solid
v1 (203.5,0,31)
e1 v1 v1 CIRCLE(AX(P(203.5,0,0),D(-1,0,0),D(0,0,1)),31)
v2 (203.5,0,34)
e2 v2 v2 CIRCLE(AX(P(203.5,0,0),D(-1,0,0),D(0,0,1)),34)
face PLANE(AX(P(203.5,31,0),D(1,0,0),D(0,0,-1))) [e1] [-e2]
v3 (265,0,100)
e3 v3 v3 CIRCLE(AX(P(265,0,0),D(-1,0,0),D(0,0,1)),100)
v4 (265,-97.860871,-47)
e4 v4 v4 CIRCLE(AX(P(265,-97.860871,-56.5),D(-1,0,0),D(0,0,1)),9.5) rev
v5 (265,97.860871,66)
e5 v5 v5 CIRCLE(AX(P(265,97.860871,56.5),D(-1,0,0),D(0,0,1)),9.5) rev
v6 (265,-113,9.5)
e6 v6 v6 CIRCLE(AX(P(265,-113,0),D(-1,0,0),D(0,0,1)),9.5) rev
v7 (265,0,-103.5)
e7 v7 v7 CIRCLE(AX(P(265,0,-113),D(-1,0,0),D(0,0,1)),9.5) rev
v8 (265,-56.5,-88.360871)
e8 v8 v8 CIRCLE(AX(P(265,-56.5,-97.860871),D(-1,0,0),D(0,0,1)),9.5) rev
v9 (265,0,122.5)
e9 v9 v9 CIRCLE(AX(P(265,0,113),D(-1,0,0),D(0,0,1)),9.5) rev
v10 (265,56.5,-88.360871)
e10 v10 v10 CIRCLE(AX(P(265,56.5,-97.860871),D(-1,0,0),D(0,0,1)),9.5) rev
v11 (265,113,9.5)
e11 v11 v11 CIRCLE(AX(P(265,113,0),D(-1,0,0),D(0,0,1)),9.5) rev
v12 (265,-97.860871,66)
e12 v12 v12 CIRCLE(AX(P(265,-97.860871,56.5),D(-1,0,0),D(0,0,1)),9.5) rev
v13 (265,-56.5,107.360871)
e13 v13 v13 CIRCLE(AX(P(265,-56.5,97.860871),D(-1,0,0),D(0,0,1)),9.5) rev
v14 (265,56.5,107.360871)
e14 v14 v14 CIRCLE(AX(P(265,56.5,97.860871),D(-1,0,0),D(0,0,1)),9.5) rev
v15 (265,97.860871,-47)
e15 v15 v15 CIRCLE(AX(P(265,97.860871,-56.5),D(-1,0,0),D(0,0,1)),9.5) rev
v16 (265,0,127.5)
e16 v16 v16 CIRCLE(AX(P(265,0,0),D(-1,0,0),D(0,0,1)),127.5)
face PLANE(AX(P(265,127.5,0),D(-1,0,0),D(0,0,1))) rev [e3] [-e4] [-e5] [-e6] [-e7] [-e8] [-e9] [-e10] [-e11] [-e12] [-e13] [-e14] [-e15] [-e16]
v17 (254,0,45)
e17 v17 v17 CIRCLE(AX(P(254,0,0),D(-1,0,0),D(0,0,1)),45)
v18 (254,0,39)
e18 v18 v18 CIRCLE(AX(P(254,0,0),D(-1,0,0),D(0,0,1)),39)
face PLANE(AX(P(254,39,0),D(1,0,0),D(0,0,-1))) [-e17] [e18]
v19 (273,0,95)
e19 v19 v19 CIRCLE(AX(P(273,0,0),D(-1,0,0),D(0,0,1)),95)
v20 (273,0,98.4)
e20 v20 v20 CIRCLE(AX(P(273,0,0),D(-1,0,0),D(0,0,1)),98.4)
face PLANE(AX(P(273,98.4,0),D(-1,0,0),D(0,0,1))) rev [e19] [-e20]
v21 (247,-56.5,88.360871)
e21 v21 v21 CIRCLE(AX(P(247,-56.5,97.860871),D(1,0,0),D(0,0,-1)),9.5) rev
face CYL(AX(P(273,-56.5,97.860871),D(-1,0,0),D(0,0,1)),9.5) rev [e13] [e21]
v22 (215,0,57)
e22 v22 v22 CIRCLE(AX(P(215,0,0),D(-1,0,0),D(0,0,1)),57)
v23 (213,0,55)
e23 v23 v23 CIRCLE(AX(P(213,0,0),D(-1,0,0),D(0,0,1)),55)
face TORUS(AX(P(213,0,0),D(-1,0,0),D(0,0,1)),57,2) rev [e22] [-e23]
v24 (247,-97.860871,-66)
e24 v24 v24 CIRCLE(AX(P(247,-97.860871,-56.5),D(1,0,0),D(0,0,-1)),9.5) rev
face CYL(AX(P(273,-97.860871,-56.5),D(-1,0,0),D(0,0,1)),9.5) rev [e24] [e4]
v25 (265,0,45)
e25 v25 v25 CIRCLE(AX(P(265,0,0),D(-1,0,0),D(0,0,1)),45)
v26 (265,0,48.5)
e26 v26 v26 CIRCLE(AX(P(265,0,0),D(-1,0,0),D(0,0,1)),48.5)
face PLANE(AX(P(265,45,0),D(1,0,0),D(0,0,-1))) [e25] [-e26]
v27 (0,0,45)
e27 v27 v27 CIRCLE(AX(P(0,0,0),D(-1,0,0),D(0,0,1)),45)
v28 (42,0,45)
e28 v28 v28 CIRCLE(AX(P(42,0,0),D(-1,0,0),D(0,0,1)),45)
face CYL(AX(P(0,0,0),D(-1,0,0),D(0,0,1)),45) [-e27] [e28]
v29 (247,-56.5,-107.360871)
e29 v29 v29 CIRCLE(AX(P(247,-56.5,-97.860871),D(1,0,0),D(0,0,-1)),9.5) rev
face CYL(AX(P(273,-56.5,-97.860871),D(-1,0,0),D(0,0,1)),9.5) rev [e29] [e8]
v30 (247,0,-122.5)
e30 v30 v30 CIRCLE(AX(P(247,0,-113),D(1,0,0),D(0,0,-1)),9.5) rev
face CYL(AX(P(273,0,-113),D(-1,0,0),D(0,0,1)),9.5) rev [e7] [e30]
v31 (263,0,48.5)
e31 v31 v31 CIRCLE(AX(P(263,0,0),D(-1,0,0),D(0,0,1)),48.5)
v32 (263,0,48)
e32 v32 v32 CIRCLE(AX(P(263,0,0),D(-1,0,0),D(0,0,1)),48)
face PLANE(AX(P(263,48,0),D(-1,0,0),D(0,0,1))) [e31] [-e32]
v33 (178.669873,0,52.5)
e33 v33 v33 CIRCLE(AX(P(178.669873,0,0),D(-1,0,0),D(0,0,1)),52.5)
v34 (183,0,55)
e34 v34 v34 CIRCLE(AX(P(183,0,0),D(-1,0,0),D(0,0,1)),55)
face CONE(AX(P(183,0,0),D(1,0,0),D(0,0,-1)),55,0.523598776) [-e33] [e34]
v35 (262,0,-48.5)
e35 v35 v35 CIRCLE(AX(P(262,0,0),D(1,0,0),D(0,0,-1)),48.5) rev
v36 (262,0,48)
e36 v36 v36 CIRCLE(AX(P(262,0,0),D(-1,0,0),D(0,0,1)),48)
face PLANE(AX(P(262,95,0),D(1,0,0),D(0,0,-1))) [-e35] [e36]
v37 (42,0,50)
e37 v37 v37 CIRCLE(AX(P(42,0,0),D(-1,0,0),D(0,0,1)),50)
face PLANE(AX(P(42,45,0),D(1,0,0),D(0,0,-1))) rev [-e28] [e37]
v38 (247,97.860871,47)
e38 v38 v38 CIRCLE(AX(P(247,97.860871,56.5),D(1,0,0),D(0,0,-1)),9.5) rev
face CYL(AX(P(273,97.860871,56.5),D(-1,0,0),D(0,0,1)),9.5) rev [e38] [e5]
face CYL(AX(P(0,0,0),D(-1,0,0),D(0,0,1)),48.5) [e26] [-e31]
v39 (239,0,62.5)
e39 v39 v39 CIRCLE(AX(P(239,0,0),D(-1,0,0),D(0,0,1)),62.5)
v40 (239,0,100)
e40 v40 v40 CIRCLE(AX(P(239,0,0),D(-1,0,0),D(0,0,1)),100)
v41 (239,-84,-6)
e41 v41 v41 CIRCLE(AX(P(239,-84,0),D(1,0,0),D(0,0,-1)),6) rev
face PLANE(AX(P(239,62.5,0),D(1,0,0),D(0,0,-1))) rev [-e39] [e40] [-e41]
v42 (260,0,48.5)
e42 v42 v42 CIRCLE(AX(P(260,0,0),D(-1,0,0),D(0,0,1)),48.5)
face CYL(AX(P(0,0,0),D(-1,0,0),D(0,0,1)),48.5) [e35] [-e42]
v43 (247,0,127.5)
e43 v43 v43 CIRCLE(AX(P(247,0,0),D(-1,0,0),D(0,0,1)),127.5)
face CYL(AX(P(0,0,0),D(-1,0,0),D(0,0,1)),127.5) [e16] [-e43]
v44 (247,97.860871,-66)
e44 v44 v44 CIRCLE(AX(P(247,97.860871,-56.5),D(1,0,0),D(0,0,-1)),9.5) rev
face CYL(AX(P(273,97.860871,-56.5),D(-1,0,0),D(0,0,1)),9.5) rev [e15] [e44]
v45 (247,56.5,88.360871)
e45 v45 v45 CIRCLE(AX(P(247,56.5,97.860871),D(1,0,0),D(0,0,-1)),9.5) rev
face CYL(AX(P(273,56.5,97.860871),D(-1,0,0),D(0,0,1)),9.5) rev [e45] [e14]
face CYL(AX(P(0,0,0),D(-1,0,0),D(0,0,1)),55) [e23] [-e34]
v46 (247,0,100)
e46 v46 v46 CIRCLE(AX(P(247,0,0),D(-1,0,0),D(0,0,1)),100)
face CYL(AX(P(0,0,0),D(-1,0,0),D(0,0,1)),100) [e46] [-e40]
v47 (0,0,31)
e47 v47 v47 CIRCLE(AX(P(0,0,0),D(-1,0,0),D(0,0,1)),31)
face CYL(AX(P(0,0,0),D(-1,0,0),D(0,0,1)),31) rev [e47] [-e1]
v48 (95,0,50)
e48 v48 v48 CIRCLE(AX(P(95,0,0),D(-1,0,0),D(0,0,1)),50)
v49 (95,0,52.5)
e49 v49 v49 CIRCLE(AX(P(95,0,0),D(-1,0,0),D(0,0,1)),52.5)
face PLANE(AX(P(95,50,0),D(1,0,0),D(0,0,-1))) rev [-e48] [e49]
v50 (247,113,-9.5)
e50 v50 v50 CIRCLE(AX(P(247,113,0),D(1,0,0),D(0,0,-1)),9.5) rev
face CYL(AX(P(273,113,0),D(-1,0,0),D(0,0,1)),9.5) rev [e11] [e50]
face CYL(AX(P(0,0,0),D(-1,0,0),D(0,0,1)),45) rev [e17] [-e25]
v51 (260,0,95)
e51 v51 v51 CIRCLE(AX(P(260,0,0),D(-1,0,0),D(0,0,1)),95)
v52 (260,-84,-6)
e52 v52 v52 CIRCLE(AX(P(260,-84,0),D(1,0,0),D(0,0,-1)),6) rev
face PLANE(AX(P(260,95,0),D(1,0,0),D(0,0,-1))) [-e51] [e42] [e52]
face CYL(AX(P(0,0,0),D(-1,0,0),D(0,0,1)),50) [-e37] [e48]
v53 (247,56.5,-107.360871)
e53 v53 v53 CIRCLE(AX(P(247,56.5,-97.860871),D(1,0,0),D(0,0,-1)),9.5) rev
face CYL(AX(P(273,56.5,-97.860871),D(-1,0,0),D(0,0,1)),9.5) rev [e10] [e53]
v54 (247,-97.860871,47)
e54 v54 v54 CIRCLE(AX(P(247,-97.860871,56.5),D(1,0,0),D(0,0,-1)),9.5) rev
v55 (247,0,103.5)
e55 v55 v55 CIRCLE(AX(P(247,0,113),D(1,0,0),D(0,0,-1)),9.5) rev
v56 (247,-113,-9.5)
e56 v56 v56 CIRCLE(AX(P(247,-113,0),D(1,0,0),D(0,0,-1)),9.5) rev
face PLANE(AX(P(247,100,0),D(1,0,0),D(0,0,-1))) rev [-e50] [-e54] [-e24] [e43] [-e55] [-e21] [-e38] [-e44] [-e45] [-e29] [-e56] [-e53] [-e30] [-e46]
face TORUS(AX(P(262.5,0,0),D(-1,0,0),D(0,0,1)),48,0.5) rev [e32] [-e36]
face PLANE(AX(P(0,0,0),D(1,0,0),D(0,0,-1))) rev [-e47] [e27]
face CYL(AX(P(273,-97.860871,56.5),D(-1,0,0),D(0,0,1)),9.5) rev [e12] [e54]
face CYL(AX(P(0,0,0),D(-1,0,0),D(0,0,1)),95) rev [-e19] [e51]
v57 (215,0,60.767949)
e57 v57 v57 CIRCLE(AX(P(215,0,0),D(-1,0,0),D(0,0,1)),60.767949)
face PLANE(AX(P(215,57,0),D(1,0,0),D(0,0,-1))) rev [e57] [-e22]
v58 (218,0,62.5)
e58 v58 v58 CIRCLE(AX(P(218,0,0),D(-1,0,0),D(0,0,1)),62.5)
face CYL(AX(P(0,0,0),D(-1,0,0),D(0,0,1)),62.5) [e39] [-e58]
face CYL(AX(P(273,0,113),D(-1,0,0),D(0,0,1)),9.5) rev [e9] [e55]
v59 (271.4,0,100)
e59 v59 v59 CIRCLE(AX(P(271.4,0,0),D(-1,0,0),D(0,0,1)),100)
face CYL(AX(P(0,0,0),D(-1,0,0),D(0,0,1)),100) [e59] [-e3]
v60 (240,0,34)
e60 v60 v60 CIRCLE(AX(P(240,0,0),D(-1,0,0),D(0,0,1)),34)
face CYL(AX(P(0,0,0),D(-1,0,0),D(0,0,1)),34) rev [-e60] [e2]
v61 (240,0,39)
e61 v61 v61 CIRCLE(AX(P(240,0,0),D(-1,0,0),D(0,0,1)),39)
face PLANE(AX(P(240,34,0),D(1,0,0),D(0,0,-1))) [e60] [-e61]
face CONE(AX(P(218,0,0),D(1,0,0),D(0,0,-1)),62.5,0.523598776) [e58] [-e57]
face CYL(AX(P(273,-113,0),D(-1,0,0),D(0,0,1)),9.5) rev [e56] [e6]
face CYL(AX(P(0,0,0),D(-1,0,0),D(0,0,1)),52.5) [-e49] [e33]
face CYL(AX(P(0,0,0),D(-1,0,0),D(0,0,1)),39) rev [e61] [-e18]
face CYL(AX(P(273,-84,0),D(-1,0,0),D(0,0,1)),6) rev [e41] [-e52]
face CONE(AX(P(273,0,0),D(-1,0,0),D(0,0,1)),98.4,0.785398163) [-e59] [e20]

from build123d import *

# Parameters (mm, degrees)
SKETCH_3_W           = 2
SKETCH_3_H           = 46.5
SKETCH_5_W           = 2
SKETCH_5_H           = 46.5
SKETCH_6_R           = 9.5
CUT_EXTRUDE_1_DEPTH  = 328.171973127
SKETCH_7_R           = 9.5
CUT_EXTRUDE_2_DEPTH  = 328.171973127
SKETCH_8_R           = 9.5
CUT_EXTRUDE_3_DEPTH  = 328.171973127
SKETCH_9_R           = 9.5
CUT_EXTRUDE_4_DEPTH  = 328.171973127
SKETCH_10_R          = 9.5
CUT_EXTRUDE_5_DEPTH  = 328.171973127
SKETCH_11_R          = 9.5
CUT_EXTRUDE_6_DEPTH  = 328.171973127
SKETCH_12_R          = 9.5
CUT_EXTRUDE_7_DEPTH  = 328.171973127
SKETCH_13_R          = 9.5
CUT_EXTRUDE_8_DEPTH  = 328.171973127
SKETCH_14_R          = 9.5
CUT_EXTRUDE_9_DEPTH  = 328.171973127
SKETCH_15_R          = 9.5
CUT_EXTRUDE_10_DEPTH = 328.171973127
SKETCH_16_R          = 9.5
CUT_EXTRUDE_11_DEPTH = 328.171973127
SKETCH_17_R          = 9.5
CUT_EXTRUDE_12_DEPTH = 328.171973127
SKETCH_18_R          = 6
CUT_EXTRUDE_13_DEPTH = 328.171973127


with BuildPart() as part:
    # Эскиз1 → Повернуть1 (revolve)
    with BuildSketch(Plane.XY, mode=Mode.PRIVATE) as revolve_1_sk:
        with BuildLine():
            Line((0, 0), (273, 0))
            Line((273, 0), (273, 98.4))
            Line((273, 98.4), (271.4, 100))
            Line((271.4, 100), (265, 100))
            Line((265, 100), (265, 127.5))
            Line((265, 127.5), (247, 127.5))
            Line((247, 127.5), (247, 100))
            Line((247, 100), (239, 100))
            Line((239, 100), (239, 62.5))
            Line((239, 62.5), (218, 62.5))
            Line((218, 62.5), (215, 60.767949192))
            Line((215, 60.767949192), (215, 57))
            ThreePointArc((215, 57), (214.414213562, 55.585786438), (213, 55))
            Line((213, 55), (183, 55))
            Line((183, 55), (178.669872981, 52.5))
            Line((178.669872981, 52.5), (95, 52.5))
            Line((95, 52.5), (95, 50))
            Line((95, 50), (42, 50))
            Line((42, 50), (42, 45))
            Line((42, 45), (0, 45))
            Line((0, 45), (0, 0))
        make_face()
    revolve(revolve_1_sk.sketch.rotate(Axis((0, 0, 0), (1, 0, 0)), 90), axis=Axis((0, 0, 0), (1, 0, 0)))

    # Эскиз2 → Вырез-Повернуть1 (revolve, cut)
    with BuildSketch(Plane.XY, mode=Mode.PRIVATE) as cut_revolve_1_sk:
        Polygon((0, 0), (273, 0), (273, 95), (265, 95), (265, 45), (254, 45), (254, 39), (240, 39), (240, 34), (203.5, 34), (203.5, 31), (0, 31), align=None)
    revolve(cut_revolve_1_sk.sketch.rotate(Axis((0, 0, 0), (1, 0, 0)), 90), axis=Axis((0, 0, 0), (1, 0, 0)), mode=Mode.SUBTRACT)

    # Эскиз3 → Rear_recess_left (revolve, cut)
    with BuildSketch(Plane.XY, mode=Mode.PRIVATE) as rear_recess_left_sk:
        with Locations((261, 71.75)):
            Rectangle(SKETCH_3_W, SKETCH_3_H)
    revolve(rear_recess_left_sk.sketch.rotate(Axis((0, 0, 0), (1, 0, 0)), 90), axis=Axis((0, 0, 0), (1, 0, 0)), mode=Mode.SUBTRACT)

    # Эскиз4 → Collar_groove_nominal (revolve, cut)
    with BuildSketch(Plane.XY, mode=Mode.PRIVATE) as collar_groove_nominal_sk:
        with BuildLine():
            Line((263, 48), (263, 95))
            Line((263, 95), (262, 95))
            Line((262, 95), (262, 48))
            ThreePointArc((262, 48), (262.146446609, 47.646446609), (262.5, 47.5))
            ThreePointArc((262.5, 47.5), (262.853553391, 47.646446609), (263, 48))
        make_face()
    revolve(collar_groove_nominal_sk.sketch.rotate(Axis((0, 0, 0), (1, 0, 0)), 90), axis=Axis((0, 0, 0), (1, 0, 0)), mode=Mode.SUBTRACT)

    # Эскиз5 → Rear_recess_lip (revolve, cut)
    with BuildSketch(Plane.XY, mode=Mode.PRIVATE) as rear_recess_lip_sk:
        with Locations((264, 71.75)):
            Rectangle(SKETCH_5_W, SKETCH_5_H)
    revolve(rear_recess_lip_sk.sketch.rotate(Axis((0, 0, 0), (1, 0, 0)), 90), axis=Axis((0, 0, 0), (1, 0, 0)), mode=Mode.SUBTRACT)

    # Эскиз6 → Вырез-Вытянуть1 (cut, through all)
    with BuildSketch(Plane(origin=(0, 0, 0), x_dir=(0, 0, -1), z_dir=(1, 0, 0))):
        with Locations(Location((0, 113, 0), (0, 0, 180))):
            Circle(SKETCH_6_R)
    extrude(amount=CUT_EXTRUDE_1_DEPTH, mode=Mode.SUBTRACT)

    # Эскиз7 → Вырез-Вытянуть2 (cut, through all)
    with BuildSketch(Plane(origin=(0, 0, 0), x_dir=(0, 0, -1), z_dir=(1, 0, 0))):
        with Locations(Location((-56.5, 97.860870628, 0), (0, 0, 180))):
            Circle(SKETCH_7_R)
    extrude(amount=CUT_EXTRUDE_2_DEPTH, mode=Mode.SUBTRACT)

    # Эскиз8 → Вырез-Вытянуть3 (cut, through all)
    with BuildSketch(Plane(origin=(0, 0, 0), x_dir=(0, 0, -1), z_dir=(1, 0, 0))):
        with Locations(Location((-97.860870628, 56.5, 0), (0, 0, 180))):
            Circle(SKETCH_8_R)
    extrude(amount=CUT_EXTRUDE_3_DEPTH, mode=Mode.SUBTRACT)

    # Эскиз9 → Вырез-Вытянуть4 (cut, through all)
    with BuildSketch(Plane(origin=(0, 0, 0), x_dir=(0, 0, -1), z_dir=(1, 0, 0))):
        with Locations(Location((-113, 0, 0), (0, 0, 180))):
            Circle(SKETCH_9_R)
    extrude(amount=CUT_EXTRUDE_4_DEPTH, mode=Mode.SUBTRACT)

    # Эскиз10 → Вырез-Вытянуть5 (cut, through all)
    with BuildSketch(Plane(origin=(0, 0, 0), x_dir=(0, 0, -1), z_dir=(1, 0, 0))):
        with Locations(Location((-97.860870628, -56.5, 0), (0, 0, 180))):
            Circle(SKETCH_10_R)
    extrude(amount=CUT_EXTRUDE_5_DEPTH, mode=Mode.SUBTRACT)

    # Эскиз11 → Вырез-Вытянуть6 (cut, through all)
    with BuildSketch(Plane(origin=(0, 0, 0), x_dir=(0, 0, -1), z_dir=(1, 0, 0))):
        with Locations(Location((-56.5, -97.860870628, 0), (0, 0, 180))):
            Circle(SKETCH_11_R)
    extrude(amount=CUT_EXTRUDE_6_DEPTH, mode=Mode.SUBTRACT)

    # Эскиз12 → Вырез-Вытянуть7 (cut, through all)
    with BuildSketch(Plane(origin=(0, 0, 0), x_dir=(0, 0, -1), z_dir=(1, 0, 0))):
        with Locations(Location((0, -113, 0), (0, 0, 180))):
            Circle(SKETCH_12_R)
    extrude(amount=CUT_EXTRUDE_7_DEPTH, mode=Mode.SUBTRACT)

    # Эскиз13 → Вырез-Вытянуть8 (cut, through all)
    with BuildSketch(Plane(origin=(0, 0, 0), x_dir=(0, 0, -1), z_dir=(1, 0, 0))):
        with Locations(Location((56.5, -97.860870628, 0), (0, 0, 180))):
            Circle(SKETCH_13_R)
    extrude(amount=CUT_EXTRUDE_8_DEPTH, mode=Mode.SUBTRACT)

    # Эскиз14 → Вырез-Вытянуть9 (cut, through all)
    with BuildSketch(Plane(origin=(0, 0, 0), x_dir=(0, 0, -1), z_dir=(1, 0, 0))):
        with Locations(Location((97.860870628, -56.5, 0), (0, 0, 180))):
            Circle(SKETCH_14_R)
    extrude(amount=CUT_EXTRUDE_9_DEPTH, mode=Mode.SUBTRACT)

    # Эскиз15 → Вырез-Вытянуть10 (cut, through all)
    with BuildSketch(Plane(origin=(0, 0, 0), x_dir=(0, 0, -1), z_dir=(1, 0, 0))):
        with Locations(Location((113, 0, 0), (0, 0, 180))):
            Circle(SKETCH_15_R)
    extrude(amount=CUT_EXTRUDE_10_DEPTH, mode=Mode.SUBTRACT)

    # Эскиз16 → Вырез-Вытянуть11 (cut, through all)
    with BuildSketch(Plane(origin=(0, 0, 0), x_dir=(0, 0, -1), z_dir=(1, 0, 0))):
        with Locations(Location((97.860870628, 56.5, 0), (0, 0, 180))):
            Circle(SKETCH_16_R)
    extrude(amount=CUT_EXTRUDE_11_DEPTH, mode=Mode.SUBTRACT)

    # Эскиз17 → Вырез-Вытянуть12 (cut, through all)
    with BuildSketch(Plane(origin=(0, 0, 0), x_dir=(0, 0, -1), z_dir=(1, 0, 0))):
        with Locations(Location((56.5, 97.860870628, 0), (0, 0, 180))):
            Circle(SKETCH_17_R)
    extrude(amount=CUT_EXTRUDE_12_DEPTH, mode=Mode.SUBTRACT)

    # Эскиз18 → Вырез-Вытянуть13 (cut, through all)
    with BuildSketch(Plane(origin=(0, 0, 0), x_dir=(0, 0, -1), z_dir=(1, 0, 0))):
        with Locations((0, -84)):
            Circle(SKETCH_18_R)
    extrude(amount=CUT_EXTRUDE_13_DEPTH, mode=Mode.SUBTRACT)


solid = part.part
